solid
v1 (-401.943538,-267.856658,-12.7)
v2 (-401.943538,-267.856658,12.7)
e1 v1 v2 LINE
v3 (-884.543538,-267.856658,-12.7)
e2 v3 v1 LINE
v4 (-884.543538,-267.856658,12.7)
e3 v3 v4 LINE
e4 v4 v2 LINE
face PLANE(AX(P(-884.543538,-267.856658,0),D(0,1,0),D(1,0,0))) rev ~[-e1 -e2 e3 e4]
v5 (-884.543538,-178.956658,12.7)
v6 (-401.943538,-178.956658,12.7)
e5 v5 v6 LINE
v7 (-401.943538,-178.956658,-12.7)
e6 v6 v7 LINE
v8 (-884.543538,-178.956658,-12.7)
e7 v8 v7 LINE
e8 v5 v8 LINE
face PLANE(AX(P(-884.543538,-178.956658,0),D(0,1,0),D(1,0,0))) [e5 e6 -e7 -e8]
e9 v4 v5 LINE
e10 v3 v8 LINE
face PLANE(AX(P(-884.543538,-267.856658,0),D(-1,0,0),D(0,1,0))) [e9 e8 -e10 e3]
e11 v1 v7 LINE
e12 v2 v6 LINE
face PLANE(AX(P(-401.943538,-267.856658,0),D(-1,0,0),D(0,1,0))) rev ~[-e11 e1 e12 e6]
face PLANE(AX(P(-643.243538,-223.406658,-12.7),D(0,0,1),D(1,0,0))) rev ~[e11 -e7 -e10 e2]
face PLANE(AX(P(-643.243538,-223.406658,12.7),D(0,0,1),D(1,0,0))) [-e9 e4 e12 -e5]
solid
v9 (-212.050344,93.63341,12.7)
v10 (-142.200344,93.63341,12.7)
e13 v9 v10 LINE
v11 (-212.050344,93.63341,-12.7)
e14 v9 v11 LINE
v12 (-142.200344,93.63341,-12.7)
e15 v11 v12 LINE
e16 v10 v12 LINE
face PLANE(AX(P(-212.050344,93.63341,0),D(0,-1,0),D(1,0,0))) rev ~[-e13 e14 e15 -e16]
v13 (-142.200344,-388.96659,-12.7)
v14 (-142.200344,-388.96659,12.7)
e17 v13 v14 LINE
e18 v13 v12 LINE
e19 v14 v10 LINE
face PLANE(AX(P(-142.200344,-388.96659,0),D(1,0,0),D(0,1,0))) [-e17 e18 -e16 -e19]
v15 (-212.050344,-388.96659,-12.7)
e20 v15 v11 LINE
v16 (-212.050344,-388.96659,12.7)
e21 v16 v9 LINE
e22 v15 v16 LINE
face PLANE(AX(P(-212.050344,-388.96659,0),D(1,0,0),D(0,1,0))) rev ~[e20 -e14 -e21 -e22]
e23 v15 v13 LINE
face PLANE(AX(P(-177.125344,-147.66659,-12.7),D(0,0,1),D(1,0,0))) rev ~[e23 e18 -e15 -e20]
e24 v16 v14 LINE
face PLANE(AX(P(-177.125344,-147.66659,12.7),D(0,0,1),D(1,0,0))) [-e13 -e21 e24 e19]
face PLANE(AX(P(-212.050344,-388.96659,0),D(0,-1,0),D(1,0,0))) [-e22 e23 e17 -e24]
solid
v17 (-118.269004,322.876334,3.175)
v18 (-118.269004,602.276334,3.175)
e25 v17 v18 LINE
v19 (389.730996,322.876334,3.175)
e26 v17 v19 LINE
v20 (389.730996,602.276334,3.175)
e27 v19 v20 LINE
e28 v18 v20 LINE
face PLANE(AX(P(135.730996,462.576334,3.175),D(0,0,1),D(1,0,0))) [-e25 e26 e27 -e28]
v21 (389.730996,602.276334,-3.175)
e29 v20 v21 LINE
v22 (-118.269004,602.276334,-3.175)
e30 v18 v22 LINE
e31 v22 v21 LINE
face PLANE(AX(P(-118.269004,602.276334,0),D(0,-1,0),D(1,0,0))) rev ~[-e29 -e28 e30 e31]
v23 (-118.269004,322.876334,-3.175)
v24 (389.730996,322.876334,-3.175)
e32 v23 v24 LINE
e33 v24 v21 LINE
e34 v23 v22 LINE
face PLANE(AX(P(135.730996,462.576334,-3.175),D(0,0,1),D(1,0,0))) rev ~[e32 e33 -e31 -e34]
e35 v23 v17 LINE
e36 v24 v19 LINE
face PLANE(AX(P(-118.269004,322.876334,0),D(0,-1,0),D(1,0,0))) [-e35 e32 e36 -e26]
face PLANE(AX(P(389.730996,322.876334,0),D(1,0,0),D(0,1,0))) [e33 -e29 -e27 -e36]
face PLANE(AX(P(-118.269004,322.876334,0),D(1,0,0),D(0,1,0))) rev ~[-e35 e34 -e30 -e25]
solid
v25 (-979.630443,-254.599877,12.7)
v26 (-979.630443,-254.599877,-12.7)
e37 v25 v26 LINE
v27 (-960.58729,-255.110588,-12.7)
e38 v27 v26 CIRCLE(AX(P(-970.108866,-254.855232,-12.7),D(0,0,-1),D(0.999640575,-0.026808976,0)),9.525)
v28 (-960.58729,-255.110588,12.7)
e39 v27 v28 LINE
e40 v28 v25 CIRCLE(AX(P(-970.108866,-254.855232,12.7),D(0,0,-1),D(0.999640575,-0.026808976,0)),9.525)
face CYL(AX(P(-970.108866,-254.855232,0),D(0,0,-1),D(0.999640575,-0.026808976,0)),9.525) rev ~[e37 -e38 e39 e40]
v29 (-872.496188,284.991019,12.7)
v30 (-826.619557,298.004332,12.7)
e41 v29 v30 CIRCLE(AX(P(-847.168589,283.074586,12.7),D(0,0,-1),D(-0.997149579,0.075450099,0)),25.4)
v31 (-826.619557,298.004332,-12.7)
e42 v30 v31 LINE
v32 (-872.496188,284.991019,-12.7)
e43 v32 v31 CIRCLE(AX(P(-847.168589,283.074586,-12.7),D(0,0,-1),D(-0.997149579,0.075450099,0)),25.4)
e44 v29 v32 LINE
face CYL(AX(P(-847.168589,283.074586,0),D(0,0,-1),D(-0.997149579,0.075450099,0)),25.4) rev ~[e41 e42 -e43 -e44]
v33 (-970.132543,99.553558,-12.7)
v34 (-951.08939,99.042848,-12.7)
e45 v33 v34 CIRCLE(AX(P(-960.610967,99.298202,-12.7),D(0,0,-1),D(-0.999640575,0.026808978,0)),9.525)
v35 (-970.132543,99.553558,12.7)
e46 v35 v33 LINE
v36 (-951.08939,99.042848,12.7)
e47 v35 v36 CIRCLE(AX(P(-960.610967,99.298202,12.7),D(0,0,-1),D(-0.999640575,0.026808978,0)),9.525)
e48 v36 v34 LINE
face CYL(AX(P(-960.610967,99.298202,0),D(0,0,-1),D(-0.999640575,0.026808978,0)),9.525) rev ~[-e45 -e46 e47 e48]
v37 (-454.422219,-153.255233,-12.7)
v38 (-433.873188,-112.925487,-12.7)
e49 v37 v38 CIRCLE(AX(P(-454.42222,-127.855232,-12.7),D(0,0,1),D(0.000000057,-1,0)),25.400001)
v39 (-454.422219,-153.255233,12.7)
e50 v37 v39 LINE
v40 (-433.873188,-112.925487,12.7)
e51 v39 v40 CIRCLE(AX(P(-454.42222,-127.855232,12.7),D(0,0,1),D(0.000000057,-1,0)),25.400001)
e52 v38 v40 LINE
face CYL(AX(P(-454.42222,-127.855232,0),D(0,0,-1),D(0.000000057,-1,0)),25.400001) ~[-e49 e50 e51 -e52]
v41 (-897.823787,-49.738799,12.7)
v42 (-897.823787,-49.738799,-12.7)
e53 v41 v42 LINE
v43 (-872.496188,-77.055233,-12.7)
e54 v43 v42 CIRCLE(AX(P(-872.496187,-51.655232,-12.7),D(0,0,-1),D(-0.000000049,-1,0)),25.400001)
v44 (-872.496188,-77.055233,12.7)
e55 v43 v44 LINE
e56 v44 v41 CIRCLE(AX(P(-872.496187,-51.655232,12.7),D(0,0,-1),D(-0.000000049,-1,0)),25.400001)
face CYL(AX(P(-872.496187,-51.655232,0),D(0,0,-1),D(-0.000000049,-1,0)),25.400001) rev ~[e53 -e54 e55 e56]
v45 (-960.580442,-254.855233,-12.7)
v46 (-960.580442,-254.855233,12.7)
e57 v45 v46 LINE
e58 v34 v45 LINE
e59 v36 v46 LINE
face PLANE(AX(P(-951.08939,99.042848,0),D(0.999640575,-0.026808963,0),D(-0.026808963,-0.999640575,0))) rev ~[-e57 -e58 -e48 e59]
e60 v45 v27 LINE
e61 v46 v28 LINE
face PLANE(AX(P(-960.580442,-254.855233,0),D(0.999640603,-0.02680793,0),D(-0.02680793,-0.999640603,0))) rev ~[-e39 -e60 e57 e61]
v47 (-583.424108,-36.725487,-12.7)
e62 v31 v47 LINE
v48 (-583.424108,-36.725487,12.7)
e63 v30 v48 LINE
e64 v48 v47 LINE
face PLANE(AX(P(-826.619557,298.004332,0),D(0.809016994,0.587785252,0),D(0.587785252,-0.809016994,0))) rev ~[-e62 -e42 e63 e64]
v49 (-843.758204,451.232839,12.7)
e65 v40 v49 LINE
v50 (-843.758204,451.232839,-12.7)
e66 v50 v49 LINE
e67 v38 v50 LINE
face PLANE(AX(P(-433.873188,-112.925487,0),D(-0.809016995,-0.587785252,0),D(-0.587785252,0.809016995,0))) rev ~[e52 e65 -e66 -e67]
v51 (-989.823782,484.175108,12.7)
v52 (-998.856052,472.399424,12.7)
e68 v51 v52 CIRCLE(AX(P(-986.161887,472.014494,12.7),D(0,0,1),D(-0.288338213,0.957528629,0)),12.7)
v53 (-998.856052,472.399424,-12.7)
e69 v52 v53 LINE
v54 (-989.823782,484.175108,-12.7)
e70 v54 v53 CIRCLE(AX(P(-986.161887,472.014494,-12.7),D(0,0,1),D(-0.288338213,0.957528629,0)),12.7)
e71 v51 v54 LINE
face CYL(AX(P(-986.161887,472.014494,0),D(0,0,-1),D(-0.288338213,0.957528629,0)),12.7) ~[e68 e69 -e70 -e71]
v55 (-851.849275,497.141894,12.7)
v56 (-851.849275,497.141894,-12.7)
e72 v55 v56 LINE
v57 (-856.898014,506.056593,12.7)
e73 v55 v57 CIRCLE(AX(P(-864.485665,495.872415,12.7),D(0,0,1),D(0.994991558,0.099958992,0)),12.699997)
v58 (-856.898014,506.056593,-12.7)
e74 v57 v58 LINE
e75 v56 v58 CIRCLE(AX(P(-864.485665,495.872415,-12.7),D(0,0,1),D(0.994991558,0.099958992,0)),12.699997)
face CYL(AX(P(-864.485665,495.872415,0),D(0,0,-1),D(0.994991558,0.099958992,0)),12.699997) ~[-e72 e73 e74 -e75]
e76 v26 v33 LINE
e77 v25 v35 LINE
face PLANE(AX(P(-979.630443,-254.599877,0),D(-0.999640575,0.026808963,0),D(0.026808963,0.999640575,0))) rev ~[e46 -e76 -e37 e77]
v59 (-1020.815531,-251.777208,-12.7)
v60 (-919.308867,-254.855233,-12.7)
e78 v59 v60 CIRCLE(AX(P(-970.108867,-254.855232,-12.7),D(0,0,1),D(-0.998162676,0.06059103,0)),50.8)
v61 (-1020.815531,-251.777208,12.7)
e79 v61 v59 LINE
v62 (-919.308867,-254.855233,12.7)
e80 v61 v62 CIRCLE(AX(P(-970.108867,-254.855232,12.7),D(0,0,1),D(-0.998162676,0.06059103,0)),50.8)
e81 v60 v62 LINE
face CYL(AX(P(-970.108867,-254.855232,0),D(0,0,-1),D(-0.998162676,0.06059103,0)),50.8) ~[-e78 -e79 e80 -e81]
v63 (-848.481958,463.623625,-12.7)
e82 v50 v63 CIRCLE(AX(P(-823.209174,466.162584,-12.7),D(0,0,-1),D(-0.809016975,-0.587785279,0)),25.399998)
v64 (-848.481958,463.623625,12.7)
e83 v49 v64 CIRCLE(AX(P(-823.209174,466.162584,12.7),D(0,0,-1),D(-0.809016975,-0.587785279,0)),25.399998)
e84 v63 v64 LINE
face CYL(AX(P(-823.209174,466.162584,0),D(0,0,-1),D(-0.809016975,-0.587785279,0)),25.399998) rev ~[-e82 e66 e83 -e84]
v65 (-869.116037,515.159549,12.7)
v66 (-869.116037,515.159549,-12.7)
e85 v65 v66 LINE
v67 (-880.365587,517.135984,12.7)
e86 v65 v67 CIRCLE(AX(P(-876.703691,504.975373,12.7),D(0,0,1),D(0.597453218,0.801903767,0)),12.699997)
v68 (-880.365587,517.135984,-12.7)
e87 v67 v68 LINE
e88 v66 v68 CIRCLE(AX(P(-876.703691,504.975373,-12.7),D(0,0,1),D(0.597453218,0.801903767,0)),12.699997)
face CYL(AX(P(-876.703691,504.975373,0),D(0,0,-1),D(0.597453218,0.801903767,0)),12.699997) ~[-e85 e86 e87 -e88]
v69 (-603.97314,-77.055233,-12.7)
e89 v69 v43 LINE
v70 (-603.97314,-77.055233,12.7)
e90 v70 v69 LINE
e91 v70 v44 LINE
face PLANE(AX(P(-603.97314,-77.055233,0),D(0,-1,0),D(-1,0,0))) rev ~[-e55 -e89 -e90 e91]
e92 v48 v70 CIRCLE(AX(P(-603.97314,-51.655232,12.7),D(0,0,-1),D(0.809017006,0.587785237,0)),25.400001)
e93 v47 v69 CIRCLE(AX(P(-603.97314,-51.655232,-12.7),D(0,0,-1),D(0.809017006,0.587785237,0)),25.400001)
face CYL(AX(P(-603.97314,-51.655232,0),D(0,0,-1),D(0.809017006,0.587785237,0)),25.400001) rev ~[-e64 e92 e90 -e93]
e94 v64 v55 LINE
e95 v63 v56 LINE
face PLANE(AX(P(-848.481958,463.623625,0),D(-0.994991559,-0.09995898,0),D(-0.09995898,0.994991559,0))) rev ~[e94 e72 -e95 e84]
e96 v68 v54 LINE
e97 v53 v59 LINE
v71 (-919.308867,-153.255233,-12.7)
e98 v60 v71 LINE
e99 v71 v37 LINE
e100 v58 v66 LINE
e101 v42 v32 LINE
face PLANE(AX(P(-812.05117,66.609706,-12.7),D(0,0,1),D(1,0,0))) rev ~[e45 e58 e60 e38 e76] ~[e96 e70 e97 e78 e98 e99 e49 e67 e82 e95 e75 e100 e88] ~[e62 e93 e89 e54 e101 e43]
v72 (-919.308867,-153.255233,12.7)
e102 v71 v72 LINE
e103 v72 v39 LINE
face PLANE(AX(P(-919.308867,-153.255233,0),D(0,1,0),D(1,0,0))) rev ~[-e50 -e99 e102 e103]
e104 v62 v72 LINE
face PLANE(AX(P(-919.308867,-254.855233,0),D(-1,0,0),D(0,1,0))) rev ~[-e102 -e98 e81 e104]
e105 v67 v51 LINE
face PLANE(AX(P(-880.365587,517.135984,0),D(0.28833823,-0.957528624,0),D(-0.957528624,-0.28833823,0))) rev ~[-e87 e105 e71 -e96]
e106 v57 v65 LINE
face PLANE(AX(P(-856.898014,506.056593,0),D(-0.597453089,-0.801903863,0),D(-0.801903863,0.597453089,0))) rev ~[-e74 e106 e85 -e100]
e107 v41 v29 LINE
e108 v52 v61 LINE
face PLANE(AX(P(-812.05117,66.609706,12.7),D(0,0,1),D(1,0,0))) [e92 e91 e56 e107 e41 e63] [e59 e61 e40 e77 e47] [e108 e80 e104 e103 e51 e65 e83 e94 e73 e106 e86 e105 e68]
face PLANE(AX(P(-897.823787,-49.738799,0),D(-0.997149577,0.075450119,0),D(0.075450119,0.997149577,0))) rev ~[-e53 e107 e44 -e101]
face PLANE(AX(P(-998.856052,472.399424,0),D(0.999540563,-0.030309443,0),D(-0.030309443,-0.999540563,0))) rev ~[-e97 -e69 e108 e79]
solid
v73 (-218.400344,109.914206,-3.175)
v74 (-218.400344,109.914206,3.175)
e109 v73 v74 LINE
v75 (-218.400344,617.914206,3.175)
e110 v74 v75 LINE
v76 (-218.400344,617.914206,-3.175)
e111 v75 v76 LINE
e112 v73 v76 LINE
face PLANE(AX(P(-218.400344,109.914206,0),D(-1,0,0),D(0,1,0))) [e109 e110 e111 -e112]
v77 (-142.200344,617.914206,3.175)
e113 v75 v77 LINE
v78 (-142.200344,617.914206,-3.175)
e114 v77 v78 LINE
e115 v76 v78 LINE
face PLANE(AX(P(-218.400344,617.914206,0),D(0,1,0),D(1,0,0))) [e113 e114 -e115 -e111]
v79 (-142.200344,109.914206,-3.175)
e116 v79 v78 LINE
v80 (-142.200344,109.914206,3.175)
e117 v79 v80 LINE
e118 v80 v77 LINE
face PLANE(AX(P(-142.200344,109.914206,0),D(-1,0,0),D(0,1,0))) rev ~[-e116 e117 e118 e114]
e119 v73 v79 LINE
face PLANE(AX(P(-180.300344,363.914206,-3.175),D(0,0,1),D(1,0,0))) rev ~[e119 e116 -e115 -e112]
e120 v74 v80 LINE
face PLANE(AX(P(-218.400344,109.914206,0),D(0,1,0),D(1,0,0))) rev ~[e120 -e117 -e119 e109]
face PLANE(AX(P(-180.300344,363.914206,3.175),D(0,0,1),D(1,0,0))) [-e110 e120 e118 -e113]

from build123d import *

# Parameters (mm, degrees)
F0_W     = 482.6
F0_H     = 88.9
F0_W_2   = 69.85
F0_H_2   = 482.6
F1_DEPTH = 12.7
F0_W_3   = 76.2
F0_H_3   = 508
F0_W_4   = 508
F0_H_4   = 279.4
F2_DEPTH = 3.175


with BuildPart() as f1:
    # F0 (on Top) → F1 (new body, symmetric)
    with BuildSketch(Plane.XY):
        with Locations((-643.243538, -223.406658)):
            Rectangle(F0_W, F0_H)
        with BuildLine():
            ThreePointArc((-1020.815531, -251.777208), (-971.648586, -305.631893), (-919.308867, -254.855233))
            Line((-919.308867, -254.855233), (-919.308867, -153.255233))
            Line((-919.308867, -153.255233), (-454.422219, -153.255233))
            ThreePointArc((-454.422219, -153.255233), (-431.790654, -139.386591), (-433.873188, -112.925487))
            Line((-433.873188, -112.925487), (-843.758204, 451.232839))
            ThreePointArc((-843.758204, 451.232839), (-846.942959, 457.114525), (-848.481958, 463.623625))
            Line((-848.481958, 463.623625), (-851.849275, 497.141894))
            ThreePointArc((-851.849275, 497.141894), (-853.434831, 502.130929), (-856.898014, 506.056593))
            Line((-856.898014, 506.056593), (-869.116037, 515.159549))
            ThreePointArc((-869.116037, 515.159549), (-874.506086, 517.483789), (-880.365587, 517.135984))
            Line((-880.365587, 517.135984), (-989.823782, 484.175108))
            ThreePointArc((-989.823782, 484.175108), (-996.238933, 479.743863), (-998.856052, 472.399424))
            Line((-998.856052, 472.399424), (-1020.815531, -251.777208))
        make_face()
        with BuildLine():
            Line((-960.580442, -254.855233), (-960.58729, -255.110588))
            ThreePointArc((-960.58729, -255.110588), (-970.364222, -264.376809), (-979.630443, -254.599877))
            Line((-979.630443, -254.599877), (-970.132543, 99.553558))
            ThreePointArc((-970.132543, 99.553558), (-960.355612, 108.819779), (-951.08939, 99.042848))
            Line((-951.08939, 99.042848), (-960.580442, -254.855233))
        make_face(mode=Mode.SUBTRACT)
        with BuildLine():
            ThreePointArc((-872.496188, -77.055233), (-891.121941, -68.924897), (-897.823787, -49.738799))
            Line((-897.823787, -49.738799), (-872.496188, 284.991019))
            ThreePointArc((-872.496188, 284.991019), (-854.100057, 307.510518), (-826.619557, 298.004332))
            Line((-826.619557, 298.004332), (-583.424108, -36.725487))
            ThreePointArc((-583.424108, -36.725487), (-581.341574, -63.186591), (-603.97314, -77.055233))
            Line((-603.97314, -77.055233), (-872.496188, -77.055233))
        make_face(mode=Mode.SUBTRACT)
        with Locations((-177.125344, -147.66659)):
            Rectangle(F0_W_2, F0_H_2)
    extrude(amount=F1_DEPTH, both=True)


with BuildPart() as f2:
    # F0 (on Top) → F2 (new body, symmetric)
    with BuildSketch(Plane.XY):
        with Locations((-180.300344, 363.914206)):
            Rectangle(F0_W_3, F0_H_3)
        with Locations((135.730996, 462.576334)):
            Rectangle(F0_W_4, F0_H_4)
    extrude(amount=F2_DEPTH, both=True)


solid = Compound([f1.part, f2.part])
